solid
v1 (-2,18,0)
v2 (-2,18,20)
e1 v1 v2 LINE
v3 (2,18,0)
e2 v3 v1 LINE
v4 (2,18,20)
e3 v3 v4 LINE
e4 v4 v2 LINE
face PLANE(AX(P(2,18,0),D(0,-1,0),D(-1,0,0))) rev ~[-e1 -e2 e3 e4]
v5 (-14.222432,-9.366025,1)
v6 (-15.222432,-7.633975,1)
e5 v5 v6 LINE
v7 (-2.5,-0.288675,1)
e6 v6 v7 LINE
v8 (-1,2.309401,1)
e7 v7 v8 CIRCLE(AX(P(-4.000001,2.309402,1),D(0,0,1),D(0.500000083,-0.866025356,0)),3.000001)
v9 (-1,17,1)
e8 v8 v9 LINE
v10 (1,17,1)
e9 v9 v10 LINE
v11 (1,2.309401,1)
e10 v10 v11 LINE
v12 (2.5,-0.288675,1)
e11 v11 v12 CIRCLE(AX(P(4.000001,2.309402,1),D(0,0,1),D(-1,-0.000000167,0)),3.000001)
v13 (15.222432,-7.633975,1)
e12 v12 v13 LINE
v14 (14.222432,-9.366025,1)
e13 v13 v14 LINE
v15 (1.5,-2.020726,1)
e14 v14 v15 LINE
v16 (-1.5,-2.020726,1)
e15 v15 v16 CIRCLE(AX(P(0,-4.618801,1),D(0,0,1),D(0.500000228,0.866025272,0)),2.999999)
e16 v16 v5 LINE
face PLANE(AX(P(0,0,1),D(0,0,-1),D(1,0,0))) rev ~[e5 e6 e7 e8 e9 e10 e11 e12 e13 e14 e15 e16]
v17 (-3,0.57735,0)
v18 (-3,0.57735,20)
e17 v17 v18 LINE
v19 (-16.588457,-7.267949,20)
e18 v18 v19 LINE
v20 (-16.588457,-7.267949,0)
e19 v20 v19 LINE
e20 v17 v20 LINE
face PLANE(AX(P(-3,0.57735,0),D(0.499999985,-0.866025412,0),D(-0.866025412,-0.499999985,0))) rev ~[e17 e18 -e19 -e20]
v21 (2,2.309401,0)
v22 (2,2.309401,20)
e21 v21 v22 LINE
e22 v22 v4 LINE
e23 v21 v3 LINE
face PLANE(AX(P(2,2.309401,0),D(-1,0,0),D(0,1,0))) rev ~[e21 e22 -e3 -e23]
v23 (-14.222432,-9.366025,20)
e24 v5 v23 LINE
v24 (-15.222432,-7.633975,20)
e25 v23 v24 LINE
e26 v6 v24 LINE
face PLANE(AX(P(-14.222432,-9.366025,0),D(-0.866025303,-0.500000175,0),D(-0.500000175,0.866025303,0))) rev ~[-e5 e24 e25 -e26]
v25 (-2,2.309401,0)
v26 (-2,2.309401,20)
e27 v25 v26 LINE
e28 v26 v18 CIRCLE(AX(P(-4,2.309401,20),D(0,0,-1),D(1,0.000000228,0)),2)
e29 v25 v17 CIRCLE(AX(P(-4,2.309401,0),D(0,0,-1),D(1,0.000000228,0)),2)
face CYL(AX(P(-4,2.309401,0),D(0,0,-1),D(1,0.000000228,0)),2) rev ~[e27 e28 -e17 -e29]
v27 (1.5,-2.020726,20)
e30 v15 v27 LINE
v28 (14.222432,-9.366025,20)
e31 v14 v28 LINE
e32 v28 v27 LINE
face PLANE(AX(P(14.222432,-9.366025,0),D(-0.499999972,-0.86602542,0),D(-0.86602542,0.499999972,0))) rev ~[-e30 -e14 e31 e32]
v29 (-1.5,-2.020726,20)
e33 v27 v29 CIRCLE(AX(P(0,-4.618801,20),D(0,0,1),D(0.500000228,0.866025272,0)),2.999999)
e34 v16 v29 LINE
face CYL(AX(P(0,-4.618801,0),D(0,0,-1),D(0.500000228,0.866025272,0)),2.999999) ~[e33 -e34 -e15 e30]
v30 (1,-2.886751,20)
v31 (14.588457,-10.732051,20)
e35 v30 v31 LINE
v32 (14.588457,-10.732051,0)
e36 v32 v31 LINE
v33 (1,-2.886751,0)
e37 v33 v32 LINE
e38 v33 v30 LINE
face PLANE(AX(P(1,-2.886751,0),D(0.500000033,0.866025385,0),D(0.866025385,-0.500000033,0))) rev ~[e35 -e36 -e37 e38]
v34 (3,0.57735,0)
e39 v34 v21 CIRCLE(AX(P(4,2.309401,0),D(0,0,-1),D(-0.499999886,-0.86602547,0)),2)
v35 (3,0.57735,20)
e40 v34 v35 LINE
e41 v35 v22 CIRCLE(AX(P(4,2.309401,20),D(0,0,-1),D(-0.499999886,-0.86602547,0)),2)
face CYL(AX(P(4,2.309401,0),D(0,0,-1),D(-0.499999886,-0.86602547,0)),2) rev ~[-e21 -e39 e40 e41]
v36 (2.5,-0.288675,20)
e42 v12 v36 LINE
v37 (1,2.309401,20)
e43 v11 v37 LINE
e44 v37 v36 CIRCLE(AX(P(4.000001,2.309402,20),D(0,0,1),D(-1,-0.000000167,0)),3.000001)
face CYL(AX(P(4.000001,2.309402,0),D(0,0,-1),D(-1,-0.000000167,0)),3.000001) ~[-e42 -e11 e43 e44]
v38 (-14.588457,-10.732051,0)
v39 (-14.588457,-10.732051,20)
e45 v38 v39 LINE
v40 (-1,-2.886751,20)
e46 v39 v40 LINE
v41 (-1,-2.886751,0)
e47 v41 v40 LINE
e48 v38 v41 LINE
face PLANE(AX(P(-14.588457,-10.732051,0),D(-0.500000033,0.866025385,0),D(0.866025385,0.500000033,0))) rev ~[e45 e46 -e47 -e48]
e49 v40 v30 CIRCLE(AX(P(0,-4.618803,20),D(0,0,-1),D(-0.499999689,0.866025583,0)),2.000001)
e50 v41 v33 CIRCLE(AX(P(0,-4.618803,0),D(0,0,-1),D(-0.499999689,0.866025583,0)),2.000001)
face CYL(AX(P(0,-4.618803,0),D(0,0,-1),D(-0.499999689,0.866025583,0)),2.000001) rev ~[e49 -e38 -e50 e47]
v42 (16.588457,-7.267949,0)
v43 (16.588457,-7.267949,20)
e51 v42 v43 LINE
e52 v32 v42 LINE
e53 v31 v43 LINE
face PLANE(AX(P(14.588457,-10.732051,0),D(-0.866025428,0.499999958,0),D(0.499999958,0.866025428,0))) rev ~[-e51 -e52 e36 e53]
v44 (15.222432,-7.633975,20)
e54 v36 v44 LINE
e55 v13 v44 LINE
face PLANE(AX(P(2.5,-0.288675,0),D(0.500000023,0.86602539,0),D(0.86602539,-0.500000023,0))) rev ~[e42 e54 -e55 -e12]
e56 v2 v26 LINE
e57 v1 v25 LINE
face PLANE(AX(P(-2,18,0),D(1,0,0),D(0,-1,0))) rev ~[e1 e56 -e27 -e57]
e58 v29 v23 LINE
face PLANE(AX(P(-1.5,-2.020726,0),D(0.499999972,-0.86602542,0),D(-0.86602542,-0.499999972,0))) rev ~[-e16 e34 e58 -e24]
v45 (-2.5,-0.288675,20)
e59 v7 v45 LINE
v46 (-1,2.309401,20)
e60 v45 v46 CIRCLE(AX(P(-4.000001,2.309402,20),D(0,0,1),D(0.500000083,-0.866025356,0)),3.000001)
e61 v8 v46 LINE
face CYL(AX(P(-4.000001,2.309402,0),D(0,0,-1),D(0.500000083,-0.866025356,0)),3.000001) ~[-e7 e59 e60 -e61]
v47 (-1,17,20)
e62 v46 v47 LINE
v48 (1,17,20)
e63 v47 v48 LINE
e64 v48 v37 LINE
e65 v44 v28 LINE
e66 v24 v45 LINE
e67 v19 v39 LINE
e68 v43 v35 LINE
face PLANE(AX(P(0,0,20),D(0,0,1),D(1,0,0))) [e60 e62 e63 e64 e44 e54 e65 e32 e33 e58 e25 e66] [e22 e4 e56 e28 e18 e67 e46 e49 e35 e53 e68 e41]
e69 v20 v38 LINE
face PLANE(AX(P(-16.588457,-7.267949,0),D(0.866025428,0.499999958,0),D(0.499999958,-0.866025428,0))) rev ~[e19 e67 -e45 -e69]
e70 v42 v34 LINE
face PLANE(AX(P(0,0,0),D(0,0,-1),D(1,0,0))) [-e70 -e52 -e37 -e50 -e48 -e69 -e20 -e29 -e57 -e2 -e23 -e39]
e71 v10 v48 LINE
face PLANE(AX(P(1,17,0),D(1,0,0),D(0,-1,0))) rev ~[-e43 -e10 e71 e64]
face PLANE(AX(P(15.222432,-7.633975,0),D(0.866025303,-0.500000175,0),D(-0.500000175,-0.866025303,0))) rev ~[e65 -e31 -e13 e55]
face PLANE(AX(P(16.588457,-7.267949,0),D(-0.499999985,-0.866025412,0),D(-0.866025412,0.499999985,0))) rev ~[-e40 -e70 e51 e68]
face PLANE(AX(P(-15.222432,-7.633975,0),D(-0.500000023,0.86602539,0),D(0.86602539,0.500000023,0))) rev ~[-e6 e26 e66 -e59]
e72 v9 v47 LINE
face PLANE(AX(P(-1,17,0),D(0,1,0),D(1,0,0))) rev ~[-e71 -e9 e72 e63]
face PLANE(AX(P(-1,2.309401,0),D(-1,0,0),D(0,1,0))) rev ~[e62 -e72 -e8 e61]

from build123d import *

# Parameters (mm, degrees)
F1_DEPTH = 20
F3_DEPTH = 1


with BuildPart() as f1:
    # F0 (on Top) → F1 (new body)
    with BuildSketch(Plane.XY):
        with BuildLine():
            Line((-16.588457, -7.267949), (-14.588457, -10.732051))
            Line((-14.588457, -10.732051), (-1, -2.886751))
            ThreePointArc((-1, -2.886751), (0, -2.618802), (1, -2.886751))
            Line((1, -2.886751), (14.588457, -10.732051))
            Line((14.588457, -10.732051), (16.588457, -7.267949))
            Line((16.588457, -7.267949), (3, 0.57735))
            ThreePointArc((3, 0.57735), (2.267949, 1.309401), (2, 2.309401))
            Line((2, 2.309401), (2, 18))
            Line((2, 18), (-2, 18))
            Line((-2, 18), (-2, 2.309401))
            ThreePointArc((-2, 2.309401), (-2.267949, 1.309401), (-3, 0.57735))
            Line((-3, 0.57735), (-16.588457, -7.267949))
        make_face()
        with BuildLine():
            Line((-1, 2.309401), (-1, 17))
            Line((-1, 17), (1, 17))
            Line((1, 17), (1, 2.309401))
            ThreePointArc((1, 2.309401), (1.401924, 0.809401), (2.5, -0.288675))
            Line((2.5, -0.288675), (15.222432, -7.633975))
            Line((15.222432, -7.633975), (14.222432, -9.366025))
            Line((14.222432, -9.366025), (1.5, -2.020726))
            ThreePointArc((1.5, -2.020726), (0, -1.618802), (-1.5, -2.020726))
            Line((-1.5, -2.020726), (-14.222432, -9.366025))
            Line((-14.222432, -9.366025), (-15.222432, -7.633975))
            Line((-15.222432, -7.633975), (-2.5, -0.288675))
            ThreePointArc((-2.5, -0.288675), (-1.401924, 0.809401), (-1, 2.309401))
        make_face(mode=Mode.SUBTRACT)
    extrude(amount=F1_DEPTH)

    # F2 (on face) → F3 (join)
    with BuildSketch(Plane(origin=(0, 0, 0), x_dir=(1, 0, 0), z_dir=(0, 0, -1))):
        with BuildLine():
            Line((15.222432, 7.633975), (14.222432, 9.366025))
            Line((14.222432, 9.366025), (1.5, 2.020726))
            ThreePointArc((1.5, 2.020726), (0, 1.618802), (-1.5, 2.020726))
            Line((-1.5, 2.020726), (-14.222432, 9.366025))
            Line((-14.222432, 9.366025), (-15.222432, 7.633975))
            Line((-15.222432, 7.633975), (-2.5, 0.288675))
            ThreePointArc((-2.5, 0.288675), (-1.401924, -0.809401), (-1, -2.309401))
            Line((-1, -2.309401), (-1, -17))
            Line((-1, -17), (1, -17))
            Line((1, -17), (1, -2.309401))
            ThreePointArc((1, -2.309401), (1.401924, -0.809401), (2.5, 0.288675))
            Line((2.5, 0.288675), (15.222432, 7.633975))
        make_face()
    extrude(amount=-F3_DEPTH)


solid = f1.part
